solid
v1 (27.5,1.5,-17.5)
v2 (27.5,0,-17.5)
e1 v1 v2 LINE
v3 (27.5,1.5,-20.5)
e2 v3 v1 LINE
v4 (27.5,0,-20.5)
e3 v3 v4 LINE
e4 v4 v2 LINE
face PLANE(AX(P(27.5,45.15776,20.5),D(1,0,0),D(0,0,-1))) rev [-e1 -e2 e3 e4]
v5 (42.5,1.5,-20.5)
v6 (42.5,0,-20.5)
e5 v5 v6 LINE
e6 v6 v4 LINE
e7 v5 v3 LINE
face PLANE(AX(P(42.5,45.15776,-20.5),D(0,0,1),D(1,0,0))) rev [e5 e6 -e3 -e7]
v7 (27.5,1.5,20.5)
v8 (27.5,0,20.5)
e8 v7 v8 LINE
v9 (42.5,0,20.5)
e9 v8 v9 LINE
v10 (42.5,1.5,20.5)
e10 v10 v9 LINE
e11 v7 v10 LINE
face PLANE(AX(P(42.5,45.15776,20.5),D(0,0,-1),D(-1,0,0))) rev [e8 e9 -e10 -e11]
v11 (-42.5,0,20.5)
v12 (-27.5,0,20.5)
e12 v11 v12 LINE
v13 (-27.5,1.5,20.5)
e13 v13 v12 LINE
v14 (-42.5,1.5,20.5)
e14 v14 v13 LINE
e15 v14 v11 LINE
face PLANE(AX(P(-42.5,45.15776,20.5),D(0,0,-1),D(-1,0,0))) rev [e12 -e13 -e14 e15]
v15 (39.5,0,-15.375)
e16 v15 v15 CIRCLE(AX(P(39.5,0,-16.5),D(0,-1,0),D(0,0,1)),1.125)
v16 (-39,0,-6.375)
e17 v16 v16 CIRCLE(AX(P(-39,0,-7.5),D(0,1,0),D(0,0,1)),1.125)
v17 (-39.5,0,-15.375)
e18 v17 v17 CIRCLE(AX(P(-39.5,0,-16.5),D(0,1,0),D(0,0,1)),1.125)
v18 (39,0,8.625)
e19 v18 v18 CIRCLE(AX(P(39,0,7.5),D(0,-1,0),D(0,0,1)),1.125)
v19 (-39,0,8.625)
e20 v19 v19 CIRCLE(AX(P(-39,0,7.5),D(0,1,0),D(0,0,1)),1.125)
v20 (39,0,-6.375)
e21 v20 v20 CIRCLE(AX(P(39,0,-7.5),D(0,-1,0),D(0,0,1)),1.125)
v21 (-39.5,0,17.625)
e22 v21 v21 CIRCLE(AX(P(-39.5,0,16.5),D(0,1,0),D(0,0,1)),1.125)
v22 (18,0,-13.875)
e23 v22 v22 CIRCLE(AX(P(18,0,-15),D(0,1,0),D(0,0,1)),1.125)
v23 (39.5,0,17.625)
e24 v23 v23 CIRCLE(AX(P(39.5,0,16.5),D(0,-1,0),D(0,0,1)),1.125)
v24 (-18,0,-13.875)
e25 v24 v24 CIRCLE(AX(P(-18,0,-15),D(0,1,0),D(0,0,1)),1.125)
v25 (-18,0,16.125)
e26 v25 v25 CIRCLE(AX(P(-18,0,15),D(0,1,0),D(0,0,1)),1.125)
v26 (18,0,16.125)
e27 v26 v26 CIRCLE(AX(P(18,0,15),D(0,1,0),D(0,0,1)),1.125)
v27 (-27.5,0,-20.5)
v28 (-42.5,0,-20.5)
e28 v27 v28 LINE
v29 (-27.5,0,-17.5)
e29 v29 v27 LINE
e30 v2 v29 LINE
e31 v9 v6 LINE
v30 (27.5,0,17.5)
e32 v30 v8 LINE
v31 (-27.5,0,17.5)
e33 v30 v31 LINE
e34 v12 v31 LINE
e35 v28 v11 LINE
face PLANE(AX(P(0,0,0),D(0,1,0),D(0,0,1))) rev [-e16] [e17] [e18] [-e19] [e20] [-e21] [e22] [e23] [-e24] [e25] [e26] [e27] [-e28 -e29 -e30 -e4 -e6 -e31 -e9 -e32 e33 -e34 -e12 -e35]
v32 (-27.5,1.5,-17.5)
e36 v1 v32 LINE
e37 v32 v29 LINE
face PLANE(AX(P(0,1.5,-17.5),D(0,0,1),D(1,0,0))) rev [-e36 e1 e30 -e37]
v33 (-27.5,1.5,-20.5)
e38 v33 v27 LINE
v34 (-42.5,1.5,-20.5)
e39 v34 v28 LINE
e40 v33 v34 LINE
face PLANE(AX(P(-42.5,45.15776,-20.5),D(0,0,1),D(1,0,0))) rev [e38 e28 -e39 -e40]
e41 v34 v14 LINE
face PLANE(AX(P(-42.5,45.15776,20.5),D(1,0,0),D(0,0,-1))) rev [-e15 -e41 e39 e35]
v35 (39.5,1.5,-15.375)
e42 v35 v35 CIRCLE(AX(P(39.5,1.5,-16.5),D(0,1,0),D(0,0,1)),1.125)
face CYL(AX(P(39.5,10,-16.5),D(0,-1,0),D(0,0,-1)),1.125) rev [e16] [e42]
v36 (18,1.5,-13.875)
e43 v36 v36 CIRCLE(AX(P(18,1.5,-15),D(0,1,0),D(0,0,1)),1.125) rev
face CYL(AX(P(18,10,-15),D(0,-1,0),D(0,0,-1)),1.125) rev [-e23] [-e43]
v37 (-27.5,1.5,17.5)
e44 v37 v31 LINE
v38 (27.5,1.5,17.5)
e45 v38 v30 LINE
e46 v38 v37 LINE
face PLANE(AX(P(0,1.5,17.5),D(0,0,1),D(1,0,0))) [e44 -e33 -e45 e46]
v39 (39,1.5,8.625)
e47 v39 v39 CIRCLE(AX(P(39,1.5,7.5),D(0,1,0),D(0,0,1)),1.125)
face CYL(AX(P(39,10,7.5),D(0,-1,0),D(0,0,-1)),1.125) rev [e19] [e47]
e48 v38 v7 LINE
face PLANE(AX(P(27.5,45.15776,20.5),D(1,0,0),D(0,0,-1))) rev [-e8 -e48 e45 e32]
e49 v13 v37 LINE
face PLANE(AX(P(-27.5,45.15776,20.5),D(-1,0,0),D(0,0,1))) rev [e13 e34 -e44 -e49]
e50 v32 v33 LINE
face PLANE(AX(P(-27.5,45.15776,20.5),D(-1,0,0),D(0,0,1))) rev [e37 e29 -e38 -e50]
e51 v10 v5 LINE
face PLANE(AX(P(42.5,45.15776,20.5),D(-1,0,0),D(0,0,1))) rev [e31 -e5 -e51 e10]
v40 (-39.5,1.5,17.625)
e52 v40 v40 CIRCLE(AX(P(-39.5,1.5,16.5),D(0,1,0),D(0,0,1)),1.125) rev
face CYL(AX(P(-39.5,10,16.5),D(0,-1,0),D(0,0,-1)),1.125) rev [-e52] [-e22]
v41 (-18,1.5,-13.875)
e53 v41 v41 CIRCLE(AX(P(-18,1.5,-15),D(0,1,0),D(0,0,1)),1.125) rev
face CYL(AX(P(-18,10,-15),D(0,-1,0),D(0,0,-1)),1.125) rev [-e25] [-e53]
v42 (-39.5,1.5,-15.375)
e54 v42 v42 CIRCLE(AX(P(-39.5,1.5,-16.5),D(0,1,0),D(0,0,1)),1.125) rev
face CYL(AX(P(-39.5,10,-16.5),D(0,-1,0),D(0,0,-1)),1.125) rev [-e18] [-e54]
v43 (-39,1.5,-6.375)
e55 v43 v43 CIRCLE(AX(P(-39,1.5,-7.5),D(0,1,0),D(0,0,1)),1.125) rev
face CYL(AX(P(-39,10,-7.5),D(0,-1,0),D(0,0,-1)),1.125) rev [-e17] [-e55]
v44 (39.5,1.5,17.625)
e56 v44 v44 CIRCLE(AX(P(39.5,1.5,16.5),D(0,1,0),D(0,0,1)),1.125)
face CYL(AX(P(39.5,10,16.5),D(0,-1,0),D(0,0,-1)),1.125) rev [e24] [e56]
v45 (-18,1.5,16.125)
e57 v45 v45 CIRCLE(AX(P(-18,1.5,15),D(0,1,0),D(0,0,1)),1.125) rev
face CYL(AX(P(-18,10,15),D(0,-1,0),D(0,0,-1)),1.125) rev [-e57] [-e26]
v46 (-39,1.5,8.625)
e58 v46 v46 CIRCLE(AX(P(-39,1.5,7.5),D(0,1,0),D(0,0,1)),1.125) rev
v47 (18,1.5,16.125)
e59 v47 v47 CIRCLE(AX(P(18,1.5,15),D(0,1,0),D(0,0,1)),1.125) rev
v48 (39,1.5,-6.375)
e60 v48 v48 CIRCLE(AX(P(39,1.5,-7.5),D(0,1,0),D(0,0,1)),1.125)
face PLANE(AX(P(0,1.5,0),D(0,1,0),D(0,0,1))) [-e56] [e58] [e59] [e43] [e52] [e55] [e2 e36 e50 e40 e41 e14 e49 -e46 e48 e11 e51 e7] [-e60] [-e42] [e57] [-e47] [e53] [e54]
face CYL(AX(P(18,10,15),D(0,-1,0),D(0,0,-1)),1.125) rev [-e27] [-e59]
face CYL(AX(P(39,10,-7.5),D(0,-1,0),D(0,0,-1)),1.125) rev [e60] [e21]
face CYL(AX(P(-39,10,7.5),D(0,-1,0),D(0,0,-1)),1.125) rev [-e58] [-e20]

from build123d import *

# Parameters (mm, degrees)
SKETCH1_W           = 55
SKETCH1_H           = 35
BOSS_EXTRUDE1_DEPTH = 1.5
SKETCH2_W           = 15
SKETCH2_H           = 41
BOSS_EXTRUDE2_DEPTH = 1.5
SKETCH3_R           = 1.125
CUT_EXTRUDE1_DEPTH  = 10


with BuildPart() as part:
    # Sketch1 → Boss-Extrude1 (new body)
    with BuildSketch(Plane(origin=(0, 0, 0), x_dir=(1, 0, 0), z_dir=(0, 1, 0))):
        Rectangle(SKETCH1_W, SKETCH1_H)
    extrude(amount=BOSS_EXTRUDE1_DEPTH)

    # Sketch2 → Boss-Extrude2 (add)
    with BuildSketch(Plane(origin=(0, 0, 0), x_dir=(1, 0, 0), z_dir=(0, 1, 0))):
        with Locations((35, 0)):
            Rectangle(SKETCH2_W, SKETCH2_H)
        with Locations((-35, 0)):
            Rectangle(SKETCH2_W, SKETCH2_H)
    extrude(amount=BOSS_EXTRUDE2_DEPTH)

    # Sketch3 → Cut-Extrude1 (cut)
    with BuildSketch(Plane(origin=(0, 0, 0), x_dir=(1, 0, 0), z_dir=(0, 1, 0))):
        with Locations(Location((-39.5, -16.5, 0), (0, 0, 270))):
            Circle(SKETCH3_R)
        with Locations(Location((-39, -7.5, 0), (0, 0, 270))):
            Circle(SKETCH3_R)
        with Locations(Location((-39, 7.5, 0), (0, 0, 270))):
            Circle(SKETCH3_R)
        with Locations(Location((-39.5, 16.5, 0), (0, 0, 270))):
            Circle(SKETCH3_R)
        with Locations(Location((-18, 15, 0), (0, 0, 270))):
            Circle(SKETCH3_R)
        with Locations(Location((18, 15, 0), (0, 0, 270))):
            Circle(SKETCH3_R)
        with Locations(Location((-18, -15, 0), (0, 0, 270))):
            Circle(SKETCH3_R)
        with Locations(Location((18, -15, 0), (0, 0, 270))):
            Circle(SKETCH3_R)
    cut_extrude1 = extrude(amount=CUT_EXTRUDE1_DEPTH, mode=Mode.SUBTRACT)

    # Mirror1: Cut-Extrude1 across plane
    add(cut_extrude1.mirror(Plane(origin=(0, 0, 0), x_dir=(0, 0, 1), z_dir=(1, 0, 0))), mode=Mode.SUBTRACT)


solid = part.part
